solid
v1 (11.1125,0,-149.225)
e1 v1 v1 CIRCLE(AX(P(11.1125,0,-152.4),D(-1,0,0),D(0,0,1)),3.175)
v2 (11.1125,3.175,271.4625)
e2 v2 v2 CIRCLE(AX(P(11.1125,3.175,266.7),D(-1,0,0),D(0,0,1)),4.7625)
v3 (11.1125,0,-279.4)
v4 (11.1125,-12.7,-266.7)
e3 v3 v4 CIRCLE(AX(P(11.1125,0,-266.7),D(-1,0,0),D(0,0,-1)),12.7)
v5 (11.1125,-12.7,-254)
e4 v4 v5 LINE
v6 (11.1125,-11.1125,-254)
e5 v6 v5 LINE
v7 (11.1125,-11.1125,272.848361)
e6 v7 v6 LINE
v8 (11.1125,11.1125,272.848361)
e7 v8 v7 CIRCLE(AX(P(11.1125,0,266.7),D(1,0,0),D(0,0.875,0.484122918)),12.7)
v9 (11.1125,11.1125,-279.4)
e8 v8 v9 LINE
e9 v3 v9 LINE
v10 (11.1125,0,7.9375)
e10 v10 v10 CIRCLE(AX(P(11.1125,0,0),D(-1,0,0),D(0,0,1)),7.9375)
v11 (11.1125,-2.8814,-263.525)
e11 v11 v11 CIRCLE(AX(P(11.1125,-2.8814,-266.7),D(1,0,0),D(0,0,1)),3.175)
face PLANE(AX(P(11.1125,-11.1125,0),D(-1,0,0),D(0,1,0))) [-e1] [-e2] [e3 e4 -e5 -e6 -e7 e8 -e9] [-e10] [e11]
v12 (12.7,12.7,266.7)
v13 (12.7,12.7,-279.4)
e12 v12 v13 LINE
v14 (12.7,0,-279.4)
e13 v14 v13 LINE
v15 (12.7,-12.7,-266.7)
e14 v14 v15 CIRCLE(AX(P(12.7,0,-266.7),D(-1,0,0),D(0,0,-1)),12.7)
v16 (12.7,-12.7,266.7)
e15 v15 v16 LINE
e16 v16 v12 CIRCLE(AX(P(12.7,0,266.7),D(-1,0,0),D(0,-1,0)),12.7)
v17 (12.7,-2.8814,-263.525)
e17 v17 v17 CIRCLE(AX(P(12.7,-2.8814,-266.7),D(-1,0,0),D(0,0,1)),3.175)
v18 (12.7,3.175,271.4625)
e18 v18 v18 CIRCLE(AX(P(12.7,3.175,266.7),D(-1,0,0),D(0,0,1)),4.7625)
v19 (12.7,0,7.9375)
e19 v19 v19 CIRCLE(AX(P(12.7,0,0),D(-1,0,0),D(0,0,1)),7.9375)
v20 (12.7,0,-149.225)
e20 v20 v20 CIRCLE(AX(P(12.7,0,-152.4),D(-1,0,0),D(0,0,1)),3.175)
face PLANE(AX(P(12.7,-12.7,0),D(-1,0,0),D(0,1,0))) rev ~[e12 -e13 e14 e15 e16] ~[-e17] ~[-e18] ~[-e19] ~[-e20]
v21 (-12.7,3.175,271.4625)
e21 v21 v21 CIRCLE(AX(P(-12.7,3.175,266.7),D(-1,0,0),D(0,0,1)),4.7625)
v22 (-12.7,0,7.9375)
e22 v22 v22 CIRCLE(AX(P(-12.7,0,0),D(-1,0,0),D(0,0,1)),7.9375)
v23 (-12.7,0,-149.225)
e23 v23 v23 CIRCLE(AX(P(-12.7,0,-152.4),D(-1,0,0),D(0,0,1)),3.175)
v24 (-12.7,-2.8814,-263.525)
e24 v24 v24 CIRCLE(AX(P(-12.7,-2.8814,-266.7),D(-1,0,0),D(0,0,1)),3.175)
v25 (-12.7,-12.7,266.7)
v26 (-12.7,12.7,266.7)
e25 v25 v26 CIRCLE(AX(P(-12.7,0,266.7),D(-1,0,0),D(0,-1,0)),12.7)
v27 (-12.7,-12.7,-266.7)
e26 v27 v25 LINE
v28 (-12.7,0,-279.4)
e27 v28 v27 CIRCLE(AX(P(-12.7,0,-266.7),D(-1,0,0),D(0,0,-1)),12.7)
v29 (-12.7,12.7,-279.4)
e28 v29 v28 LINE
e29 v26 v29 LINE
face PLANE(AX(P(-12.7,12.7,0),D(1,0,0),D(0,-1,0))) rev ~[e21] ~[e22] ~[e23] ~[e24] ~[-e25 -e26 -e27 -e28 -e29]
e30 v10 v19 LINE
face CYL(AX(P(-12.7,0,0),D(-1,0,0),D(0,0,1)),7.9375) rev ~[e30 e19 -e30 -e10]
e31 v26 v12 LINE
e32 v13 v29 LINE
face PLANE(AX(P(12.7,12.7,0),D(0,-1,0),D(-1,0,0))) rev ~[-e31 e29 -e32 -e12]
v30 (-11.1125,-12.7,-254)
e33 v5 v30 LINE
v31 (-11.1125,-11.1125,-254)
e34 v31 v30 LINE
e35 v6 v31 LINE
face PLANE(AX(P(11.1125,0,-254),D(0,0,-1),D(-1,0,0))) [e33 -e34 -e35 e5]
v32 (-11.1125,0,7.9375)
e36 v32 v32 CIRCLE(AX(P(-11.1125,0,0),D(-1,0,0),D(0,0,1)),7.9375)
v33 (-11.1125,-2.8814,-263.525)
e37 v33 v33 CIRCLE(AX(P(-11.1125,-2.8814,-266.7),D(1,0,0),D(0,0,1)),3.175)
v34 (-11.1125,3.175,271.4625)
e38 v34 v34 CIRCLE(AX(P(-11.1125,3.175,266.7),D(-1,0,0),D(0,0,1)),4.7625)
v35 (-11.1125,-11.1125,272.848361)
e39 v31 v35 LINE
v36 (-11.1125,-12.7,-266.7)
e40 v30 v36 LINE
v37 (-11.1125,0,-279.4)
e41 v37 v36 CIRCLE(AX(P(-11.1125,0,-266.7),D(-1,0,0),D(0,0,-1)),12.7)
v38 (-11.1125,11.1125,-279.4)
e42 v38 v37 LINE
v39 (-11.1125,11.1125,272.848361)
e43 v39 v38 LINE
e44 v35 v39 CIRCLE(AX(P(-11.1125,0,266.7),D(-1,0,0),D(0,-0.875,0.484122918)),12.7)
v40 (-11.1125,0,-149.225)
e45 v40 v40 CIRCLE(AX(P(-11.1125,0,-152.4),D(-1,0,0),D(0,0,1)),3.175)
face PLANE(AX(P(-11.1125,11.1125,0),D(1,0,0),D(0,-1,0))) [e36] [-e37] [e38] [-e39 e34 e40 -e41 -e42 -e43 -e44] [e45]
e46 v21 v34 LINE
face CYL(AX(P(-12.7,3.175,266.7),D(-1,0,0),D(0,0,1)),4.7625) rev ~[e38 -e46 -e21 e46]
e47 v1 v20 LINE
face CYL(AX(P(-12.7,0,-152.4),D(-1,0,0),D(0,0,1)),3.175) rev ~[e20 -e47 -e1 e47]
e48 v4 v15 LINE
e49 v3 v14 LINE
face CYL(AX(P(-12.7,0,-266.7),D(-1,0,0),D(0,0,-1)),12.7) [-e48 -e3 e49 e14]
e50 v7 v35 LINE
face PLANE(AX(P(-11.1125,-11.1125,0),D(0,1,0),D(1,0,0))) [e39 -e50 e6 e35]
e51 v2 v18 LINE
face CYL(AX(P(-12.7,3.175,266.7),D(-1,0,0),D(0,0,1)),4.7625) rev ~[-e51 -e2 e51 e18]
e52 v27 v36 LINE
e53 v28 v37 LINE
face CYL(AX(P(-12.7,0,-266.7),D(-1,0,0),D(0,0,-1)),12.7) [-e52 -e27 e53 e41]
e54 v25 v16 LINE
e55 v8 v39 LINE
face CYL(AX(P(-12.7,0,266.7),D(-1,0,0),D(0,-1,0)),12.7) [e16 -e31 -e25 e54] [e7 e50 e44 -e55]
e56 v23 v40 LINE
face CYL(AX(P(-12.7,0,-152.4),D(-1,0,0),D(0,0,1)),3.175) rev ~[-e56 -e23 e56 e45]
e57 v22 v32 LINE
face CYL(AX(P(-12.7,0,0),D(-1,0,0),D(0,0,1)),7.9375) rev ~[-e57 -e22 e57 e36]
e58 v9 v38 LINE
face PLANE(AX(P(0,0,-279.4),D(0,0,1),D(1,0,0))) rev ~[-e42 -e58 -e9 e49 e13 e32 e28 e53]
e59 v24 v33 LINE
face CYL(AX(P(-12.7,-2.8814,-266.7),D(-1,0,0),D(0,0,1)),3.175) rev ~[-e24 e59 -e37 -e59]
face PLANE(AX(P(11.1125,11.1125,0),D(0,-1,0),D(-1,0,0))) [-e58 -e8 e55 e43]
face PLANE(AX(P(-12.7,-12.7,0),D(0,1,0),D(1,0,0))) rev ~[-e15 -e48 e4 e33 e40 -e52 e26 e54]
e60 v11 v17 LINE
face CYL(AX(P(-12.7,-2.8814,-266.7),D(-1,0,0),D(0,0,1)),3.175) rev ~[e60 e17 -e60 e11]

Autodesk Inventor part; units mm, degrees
ref_plane "YZ Plane" through (0, 0, 0) normal (1, 0, 0) x (0, 1, 0)
ref_plane "XZ Plane" through (0, 0, 0) normal (0, 1, 0) x (-1, 0, 0)
ref_plane "XY Plane" through (0, 0, 0) normal (0, 0, 1) x (1, 0, 0)
sketch "Sketch1" plane through (0, 0, 0) normal (0, 0, 1) x (1, 0, 0)
  line L0 (-12.7, -12.7) -> (12.7, -12.7)
  line L1 (12.7, -12.7) -> (12.7, 12.7)
  line L2 (12.7, 12.7) -> (-12.7, 12.7)
  line L3 (-12.7, 12.7) -> (-12.7, -12.7)
  line L4 (-12.7, -12.7) -> (12.7, 12.7) construction
  line L5 (12.7, -12.7) -> (-12.7, 12.7) construction
  line L6 (-11.1125, -11.1125) -> (11.1125, -11.1125)
  line L7 (11.1125, -11.1125) -> (11.1125, 11.1125)
  line L8 (11.1125, 11.1125) -> (-11.1125, 11.1125)
  line L9 (-11.1125, 11.1125) -> (-11.1125, -11.1125)
  line L10 (-11.1125, -11.1125) -> (11.1125, 11.1125) construction
  line L11 (11.1125, -11.1125) -> (-11.1125, 11.1125) construction
  point P0 (0, 0)
  dimension "d0" = 25.4
  dimension "d1" = 25.4
  dimension "d2" = 1.5875
extrude "Extrusion1" add sketch "Sketch1" along normal mid plane 558.8
sketch "Sketch2" plane through (-12.7, -12.7, 279.4) normal (-1, 0, 0) x (0, 0, 1)
  circle A0 centre (-279.4, 12.7) radius 7.9375
  line L0 (-558.8, 12.7) -> (0, 12.7) construction
  line L1 (0, 1.5875) -> (0, 23.8125) construction
  circle A1 centre (-546.1, 9.8186) radius 3.175
  line L2 (-546.1, 0) -> (-558.8, 0)
  arc A2 (-558.8, 12.7) -> (-546.1, 0) centre (-546.1, 12.7) ccw
  line L3 (-558.8, 12.7) -> (-558.8, 0)
  line L4 (-558.8, 25.4) -> (0, 25.4) construction
  line L5 (-279.4, 25.4) -> (-279.4, 0) construction
  arc A3 (-12.7, 0) -> (0, 12.7) centre (-12.7, 12.7) ccw
  arc A4 (0, 12.7) -> (-12.7, 25.4) centre (-12.7, 12.7) ccw
  line L6 (-12.7, 25.4) -> (0, 25.4)
  line L7 (0, 25.4) -> (0, 12.7)
  line L8 (0, 12.7) -> (0, 0)
  line L9 (0, 0) -> (-12.7, 0)
  line L10 (-558.8, 0) -> (-558.8, 25.4) construction
  line L11 (0, 0) -> (-558.8, 0) construction
  circle A5 centre (-546.1, 9.8186) radius 12.7 construction
  circle A6 centre (-12.7, 15.875) radius 4.7625
  circle A7 centre (-431.8, 12.7) radius 3.175
  dimension "d5" = 15.875
  dimension "d6" = 6.35
  dimension "d13" = 12.7
  dimension "d14" = 9.8186
  dimension "d15" = 25.4
  dimension "d19" = 9.525
  dimension "d20" = 12.7
  dimension "d21" = 9.525
  dimension "d22" = 6.35
  dimension "d23" = 127
extrude "Extrusion2" cut sketch "Sketch2" against normal through all
sketch "Sketch4" plane through (0, 0, 0) normal (0, 1, 0) x (-1, 0, 0)
  line L0 (-12.7, -266.7) -> (12.7, -266.7) construction
  line L1 (11.1125, -290.9216) -> (-11.1125, -290.9216)
  line L2 (-11.1125, -290.9216) -> (-11.1125, -254)
  line L3 (-11.1125, -254) -> (11.1125, -254)
  line L4 (11.1125, -254) -> (11.1125, -290.9216)
  line L5 (-11.1125, 272.8484) -> (11.1125, 272.8484) construction
  line L6 (11.1125, -279.4) -> (11.1125, 272.8484) construction
  line L7 (-11.1125, -279.4) -> (11.1125, -279.4) construction
  line L8 (-11.1125, -279.4) -> (-11.1125, 272.8484) construction
  point P0 (0, 0)
  dimension "d16" = 12.7
extrude "Extrusion4" cut sketch "Sketch4" against normal through all
properties part number "Front lift arm" material "Aluminum 6061"
